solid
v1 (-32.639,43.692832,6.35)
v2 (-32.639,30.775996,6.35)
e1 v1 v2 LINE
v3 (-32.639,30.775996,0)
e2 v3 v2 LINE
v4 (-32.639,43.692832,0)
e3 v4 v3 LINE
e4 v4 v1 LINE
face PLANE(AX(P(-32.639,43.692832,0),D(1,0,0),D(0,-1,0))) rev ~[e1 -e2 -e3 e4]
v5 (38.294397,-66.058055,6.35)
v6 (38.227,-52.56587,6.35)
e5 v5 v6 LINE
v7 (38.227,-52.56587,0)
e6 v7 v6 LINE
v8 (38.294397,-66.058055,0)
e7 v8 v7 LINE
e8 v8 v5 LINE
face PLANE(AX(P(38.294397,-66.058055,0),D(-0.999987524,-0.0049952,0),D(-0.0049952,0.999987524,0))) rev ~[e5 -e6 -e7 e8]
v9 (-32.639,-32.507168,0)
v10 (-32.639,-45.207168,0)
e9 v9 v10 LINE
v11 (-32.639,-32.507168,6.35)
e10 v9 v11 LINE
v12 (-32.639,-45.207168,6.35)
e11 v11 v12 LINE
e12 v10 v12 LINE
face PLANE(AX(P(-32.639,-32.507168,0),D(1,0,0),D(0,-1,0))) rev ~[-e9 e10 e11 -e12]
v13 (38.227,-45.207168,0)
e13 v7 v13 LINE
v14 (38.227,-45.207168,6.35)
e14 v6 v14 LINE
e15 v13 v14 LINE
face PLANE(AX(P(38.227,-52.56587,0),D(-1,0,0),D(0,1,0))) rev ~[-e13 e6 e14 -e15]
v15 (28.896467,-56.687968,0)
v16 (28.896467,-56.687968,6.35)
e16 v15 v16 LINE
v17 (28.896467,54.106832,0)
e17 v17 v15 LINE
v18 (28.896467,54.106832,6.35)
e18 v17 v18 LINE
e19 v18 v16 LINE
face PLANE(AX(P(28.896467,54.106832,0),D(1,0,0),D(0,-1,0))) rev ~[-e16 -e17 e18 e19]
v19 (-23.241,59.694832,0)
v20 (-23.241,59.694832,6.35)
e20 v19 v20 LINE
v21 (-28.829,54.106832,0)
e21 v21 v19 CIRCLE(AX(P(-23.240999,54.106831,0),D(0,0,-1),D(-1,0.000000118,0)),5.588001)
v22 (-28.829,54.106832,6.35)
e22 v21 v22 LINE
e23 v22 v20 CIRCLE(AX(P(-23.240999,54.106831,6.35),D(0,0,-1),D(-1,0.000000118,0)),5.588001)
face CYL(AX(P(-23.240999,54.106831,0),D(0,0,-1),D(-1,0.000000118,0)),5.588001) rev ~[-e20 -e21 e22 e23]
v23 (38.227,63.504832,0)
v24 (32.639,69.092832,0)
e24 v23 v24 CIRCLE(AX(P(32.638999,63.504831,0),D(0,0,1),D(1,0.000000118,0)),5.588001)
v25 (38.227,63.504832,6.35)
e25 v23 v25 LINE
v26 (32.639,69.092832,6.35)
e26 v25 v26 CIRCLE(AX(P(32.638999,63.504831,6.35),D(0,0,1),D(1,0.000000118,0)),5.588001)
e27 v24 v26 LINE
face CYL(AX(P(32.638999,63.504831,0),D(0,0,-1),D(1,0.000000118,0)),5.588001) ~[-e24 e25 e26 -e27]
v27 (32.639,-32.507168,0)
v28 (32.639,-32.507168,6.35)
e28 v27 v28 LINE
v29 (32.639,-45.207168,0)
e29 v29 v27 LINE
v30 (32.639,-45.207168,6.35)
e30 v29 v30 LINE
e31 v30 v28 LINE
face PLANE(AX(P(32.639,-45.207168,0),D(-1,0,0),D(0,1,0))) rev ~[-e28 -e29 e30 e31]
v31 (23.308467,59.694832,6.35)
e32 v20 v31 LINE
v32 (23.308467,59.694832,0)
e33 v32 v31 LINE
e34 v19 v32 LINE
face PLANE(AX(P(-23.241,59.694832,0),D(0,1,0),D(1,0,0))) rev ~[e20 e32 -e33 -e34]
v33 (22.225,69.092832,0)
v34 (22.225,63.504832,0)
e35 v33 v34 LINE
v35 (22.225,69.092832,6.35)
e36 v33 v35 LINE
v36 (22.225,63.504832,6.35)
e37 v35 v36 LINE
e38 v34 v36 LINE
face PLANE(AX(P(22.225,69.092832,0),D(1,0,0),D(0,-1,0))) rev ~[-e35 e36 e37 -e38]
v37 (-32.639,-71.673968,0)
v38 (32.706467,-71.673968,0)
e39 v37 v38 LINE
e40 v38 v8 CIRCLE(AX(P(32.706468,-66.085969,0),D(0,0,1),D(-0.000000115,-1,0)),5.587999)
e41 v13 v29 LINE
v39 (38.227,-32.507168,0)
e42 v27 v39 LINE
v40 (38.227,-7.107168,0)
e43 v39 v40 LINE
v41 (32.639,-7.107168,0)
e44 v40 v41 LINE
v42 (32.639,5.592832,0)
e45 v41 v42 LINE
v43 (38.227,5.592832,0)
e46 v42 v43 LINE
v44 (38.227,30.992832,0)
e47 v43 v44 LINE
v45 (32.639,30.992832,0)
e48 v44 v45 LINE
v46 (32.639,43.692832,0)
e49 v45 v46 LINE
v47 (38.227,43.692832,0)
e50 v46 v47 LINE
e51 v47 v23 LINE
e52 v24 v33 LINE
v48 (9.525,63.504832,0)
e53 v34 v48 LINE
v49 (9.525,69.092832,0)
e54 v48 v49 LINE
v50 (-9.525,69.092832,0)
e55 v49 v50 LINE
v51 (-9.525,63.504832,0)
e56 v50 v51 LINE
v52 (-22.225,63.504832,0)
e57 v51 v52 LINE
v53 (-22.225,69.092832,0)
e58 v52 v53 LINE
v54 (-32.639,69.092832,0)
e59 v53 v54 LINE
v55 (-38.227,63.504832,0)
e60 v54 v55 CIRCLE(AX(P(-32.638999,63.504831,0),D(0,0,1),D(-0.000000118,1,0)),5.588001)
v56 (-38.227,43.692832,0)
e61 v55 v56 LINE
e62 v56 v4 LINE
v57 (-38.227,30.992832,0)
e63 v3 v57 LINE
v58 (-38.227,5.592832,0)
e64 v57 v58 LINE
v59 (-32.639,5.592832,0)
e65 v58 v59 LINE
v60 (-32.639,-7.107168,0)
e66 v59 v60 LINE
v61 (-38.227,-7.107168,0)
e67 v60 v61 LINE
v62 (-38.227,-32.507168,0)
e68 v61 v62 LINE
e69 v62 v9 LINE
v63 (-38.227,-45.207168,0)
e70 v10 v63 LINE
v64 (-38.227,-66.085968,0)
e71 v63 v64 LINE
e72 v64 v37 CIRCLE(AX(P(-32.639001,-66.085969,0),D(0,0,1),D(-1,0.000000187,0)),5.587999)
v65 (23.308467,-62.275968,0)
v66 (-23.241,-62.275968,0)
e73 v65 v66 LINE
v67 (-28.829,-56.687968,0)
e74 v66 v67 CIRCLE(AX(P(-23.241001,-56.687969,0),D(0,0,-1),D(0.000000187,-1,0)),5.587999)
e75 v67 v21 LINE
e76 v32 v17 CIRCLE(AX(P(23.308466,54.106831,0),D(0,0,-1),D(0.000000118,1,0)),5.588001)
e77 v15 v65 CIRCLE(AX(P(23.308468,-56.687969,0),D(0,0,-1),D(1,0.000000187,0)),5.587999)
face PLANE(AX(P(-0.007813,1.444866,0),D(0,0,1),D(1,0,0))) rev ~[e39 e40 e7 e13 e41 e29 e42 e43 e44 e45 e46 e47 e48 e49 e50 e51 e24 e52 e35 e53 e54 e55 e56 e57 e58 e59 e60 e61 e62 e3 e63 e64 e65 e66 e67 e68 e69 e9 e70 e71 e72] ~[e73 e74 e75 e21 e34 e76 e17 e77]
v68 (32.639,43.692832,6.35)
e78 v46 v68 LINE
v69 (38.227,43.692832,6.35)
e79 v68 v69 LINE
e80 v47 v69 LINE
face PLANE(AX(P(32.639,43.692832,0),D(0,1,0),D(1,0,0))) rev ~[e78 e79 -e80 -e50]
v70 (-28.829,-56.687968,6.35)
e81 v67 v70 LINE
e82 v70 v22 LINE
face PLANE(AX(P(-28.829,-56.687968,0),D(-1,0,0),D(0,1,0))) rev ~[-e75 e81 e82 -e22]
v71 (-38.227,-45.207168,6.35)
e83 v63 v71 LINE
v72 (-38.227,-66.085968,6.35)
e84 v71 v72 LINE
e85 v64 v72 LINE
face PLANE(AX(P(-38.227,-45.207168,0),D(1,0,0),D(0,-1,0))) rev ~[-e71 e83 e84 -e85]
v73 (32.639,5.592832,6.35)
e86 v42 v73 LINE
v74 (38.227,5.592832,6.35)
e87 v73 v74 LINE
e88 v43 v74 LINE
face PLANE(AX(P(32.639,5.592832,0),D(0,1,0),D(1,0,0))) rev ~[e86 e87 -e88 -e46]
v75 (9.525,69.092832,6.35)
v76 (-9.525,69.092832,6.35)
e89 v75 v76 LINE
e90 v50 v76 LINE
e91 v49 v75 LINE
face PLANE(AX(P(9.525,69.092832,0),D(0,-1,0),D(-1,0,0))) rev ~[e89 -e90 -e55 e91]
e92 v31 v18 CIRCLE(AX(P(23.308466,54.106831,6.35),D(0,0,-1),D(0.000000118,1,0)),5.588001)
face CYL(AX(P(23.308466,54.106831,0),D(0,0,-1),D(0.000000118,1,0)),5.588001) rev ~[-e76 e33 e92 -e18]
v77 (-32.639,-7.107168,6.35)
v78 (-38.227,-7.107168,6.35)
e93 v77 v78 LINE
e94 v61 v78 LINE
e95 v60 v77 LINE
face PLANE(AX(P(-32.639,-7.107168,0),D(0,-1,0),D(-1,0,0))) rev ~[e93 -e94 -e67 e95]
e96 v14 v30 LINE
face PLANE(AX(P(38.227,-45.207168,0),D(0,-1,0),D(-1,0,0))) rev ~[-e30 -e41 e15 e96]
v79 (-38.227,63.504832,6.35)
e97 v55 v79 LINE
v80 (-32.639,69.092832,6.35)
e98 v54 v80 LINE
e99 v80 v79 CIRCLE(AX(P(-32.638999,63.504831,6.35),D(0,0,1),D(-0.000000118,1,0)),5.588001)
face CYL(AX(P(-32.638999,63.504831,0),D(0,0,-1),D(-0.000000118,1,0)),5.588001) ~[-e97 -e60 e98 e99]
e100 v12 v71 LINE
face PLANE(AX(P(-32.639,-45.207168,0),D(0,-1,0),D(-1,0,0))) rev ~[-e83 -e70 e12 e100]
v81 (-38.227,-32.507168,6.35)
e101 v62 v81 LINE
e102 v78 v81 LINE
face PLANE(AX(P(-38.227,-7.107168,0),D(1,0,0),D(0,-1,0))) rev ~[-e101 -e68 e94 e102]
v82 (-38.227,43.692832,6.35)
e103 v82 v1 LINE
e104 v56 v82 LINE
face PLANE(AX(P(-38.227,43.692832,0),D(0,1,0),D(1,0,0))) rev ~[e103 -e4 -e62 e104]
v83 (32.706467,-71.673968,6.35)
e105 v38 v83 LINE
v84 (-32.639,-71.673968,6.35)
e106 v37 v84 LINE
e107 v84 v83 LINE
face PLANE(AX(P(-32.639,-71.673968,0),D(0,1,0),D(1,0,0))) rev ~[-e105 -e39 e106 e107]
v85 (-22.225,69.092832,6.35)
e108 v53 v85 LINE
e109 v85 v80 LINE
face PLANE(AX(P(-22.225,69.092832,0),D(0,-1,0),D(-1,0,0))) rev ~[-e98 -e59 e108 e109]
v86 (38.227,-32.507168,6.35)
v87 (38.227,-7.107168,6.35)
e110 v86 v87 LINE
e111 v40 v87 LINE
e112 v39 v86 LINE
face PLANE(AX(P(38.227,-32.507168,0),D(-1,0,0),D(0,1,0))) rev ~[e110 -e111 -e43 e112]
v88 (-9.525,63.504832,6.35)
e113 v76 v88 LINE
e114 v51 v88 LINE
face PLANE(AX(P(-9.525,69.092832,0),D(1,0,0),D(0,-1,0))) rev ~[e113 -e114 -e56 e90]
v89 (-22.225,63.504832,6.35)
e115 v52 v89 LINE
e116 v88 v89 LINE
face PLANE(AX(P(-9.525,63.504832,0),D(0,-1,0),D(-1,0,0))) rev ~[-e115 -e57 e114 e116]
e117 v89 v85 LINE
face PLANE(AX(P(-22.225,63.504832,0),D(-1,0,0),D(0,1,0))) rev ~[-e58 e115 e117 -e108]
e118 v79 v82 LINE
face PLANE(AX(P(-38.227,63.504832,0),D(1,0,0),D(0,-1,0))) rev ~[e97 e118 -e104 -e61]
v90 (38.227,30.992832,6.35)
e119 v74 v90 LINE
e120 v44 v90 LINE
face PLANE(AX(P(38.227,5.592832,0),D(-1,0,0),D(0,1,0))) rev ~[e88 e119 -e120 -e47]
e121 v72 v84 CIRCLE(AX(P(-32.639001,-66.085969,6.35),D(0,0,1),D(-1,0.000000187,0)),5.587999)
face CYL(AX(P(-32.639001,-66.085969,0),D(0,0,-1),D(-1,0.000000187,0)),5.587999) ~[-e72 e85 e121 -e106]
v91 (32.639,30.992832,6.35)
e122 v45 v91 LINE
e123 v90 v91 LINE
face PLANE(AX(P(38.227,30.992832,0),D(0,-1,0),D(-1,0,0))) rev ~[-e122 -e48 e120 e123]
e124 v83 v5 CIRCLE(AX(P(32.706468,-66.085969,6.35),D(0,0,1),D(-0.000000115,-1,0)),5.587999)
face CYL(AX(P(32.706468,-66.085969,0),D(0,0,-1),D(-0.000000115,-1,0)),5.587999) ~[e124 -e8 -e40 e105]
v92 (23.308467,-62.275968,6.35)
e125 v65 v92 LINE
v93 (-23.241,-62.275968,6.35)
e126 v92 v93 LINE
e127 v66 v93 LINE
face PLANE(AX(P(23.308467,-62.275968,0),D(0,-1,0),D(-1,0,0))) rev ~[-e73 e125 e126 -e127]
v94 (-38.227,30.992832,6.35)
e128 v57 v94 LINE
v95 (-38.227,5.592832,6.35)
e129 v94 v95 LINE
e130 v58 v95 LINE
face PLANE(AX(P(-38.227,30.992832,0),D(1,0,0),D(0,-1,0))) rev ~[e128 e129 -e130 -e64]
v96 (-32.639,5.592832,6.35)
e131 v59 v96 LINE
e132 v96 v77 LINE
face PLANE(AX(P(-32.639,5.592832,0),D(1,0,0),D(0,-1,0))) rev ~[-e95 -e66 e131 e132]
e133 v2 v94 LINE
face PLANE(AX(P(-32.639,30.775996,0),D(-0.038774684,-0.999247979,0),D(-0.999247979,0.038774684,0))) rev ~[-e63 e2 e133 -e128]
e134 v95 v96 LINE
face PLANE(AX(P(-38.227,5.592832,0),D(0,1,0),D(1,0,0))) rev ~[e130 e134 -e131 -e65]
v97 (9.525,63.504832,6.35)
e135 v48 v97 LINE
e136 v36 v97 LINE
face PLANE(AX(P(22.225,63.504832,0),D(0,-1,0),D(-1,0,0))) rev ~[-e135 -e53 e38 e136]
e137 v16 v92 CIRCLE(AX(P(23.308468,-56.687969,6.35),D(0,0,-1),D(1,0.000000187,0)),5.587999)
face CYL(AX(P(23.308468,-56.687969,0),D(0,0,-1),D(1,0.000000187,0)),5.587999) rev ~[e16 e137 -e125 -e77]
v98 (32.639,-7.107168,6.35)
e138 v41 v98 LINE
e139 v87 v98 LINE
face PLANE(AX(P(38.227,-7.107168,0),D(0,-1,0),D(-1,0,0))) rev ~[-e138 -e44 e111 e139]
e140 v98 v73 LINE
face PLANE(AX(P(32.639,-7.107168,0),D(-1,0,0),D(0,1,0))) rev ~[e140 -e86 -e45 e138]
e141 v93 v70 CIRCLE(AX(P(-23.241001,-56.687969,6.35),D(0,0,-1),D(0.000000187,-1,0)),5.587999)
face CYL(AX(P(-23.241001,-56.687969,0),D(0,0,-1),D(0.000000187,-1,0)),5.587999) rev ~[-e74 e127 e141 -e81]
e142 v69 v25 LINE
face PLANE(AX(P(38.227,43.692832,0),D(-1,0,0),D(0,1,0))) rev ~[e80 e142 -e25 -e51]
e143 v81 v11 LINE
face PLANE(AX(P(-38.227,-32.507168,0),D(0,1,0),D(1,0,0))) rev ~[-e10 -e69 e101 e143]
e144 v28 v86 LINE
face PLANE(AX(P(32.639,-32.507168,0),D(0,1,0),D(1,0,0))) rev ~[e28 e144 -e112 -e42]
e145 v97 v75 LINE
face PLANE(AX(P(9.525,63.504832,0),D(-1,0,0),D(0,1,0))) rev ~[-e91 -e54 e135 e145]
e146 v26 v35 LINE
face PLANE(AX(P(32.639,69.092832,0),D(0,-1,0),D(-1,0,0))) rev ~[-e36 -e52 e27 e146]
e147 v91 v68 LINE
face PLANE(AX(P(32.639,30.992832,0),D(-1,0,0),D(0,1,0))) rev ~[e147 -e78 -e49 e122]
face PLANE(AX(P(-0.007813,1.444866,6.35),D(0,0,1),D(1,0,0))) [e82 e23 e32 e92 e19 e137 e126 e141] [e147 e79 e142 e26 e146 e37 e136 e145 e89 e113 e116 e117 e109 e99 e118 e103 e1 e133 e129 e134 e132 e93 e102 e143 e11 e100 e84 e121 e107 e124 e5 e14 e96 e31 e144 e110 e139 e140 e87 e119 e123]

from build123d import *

# Parameters (mm, degrees)
F1_DEPTH = 6.35


with BuildPart() as f1:
    # F0 (on Top) → F1 (new body)
    with BuildSketch(Plane.XY):
        with BuildLine():
            Line((-22.225, 69.092832), (-32.639, 69.092832))
            ThreePointArc((-32.639, 69.092832), (-36.590313, 67.456144), (-38.227, 63.504832))
            Line((-38.227, 63.504832), (-38.227, 43.692832))
            Line((-38.227, 43.692832), (-32.639, 43.692832))
            Line((-32.639, 43.692832), (-32.639, 30.775996))
            Line((-32.639, 30.775996), (-38.227, 30.992832))
            Line((-38.227, 30.992832), (-38.227, 5.592832))
            Line((-38.227, 5.592832), (-32.639, 5.592832))
            Line((-32.639, 5.592832), (-32.639, -7.107168))
            Line((-32.639, -7.107168), (-38.227, -7.107168))
            Line((-38.227, -7.107168), (-38.227, -32.507168))
            Line((-38.227, -32.507168), (-32.639, -32.507168))
            Line((-32.639, -32.507168), (-32.639, -45.207168))
            Line((-32.639, -45.207168), (-38.227, -45.207168))
            Line((-38.227, -45.207168), (-38.227, -52.56587))
            Line((-38.227, -52.56587), (-38.227, -66.085968))
            ThreePointArc((-38.227, -66.085968), (-36.590313, -70.037281), (-32.639, -71.673968))
            Line((-32.639, -71.673968), (-22.225, -71.673968))
            Line((-22.225, -71.673968), (-9.525, -71.673968))
            Line((-9.525, -71.673968), (9.525, -71.673968))
            Line((9.525, -71.673968), (22.225, -71.673968))
            Line((22.225, -71.673968), (32.706467, -71.673968))
            ThreePointArc((32.706467, -71.673968), (36.667636, -70.0274), (38.294397, -66.058055))
            Line((38.294397, -66.058055), (38.227, -52.56587))
            Line((38.227, -52.56587), (38.227, -45.207168))
            Line((38.227, -45.207168), (32.639, -45.207168))
            Line((32.639, -45.207168), (32.639, -32.507168))
            Line((32.639, -32.507168), (38.227, -32.507168))
            Line((38.227, -32.507168), (38.227, -7.107168))
            Line((38.227, -7.107168), (32.639, -7.107168))
            Line((32.639, -7.107168), (32.639, 5.592832))
            Line((32.639, 5.592832), (38.227, 5.592832))
            Line((38.227, 5.592832), (38.227, 30.992832))
            Line((38.227, 30.992832), (32.639, 30.992832))
            Line((32.639, 30.992832), (32.639, 43.692832))
            Line((32.639, 43.692832), (38.227, 43.692832))
            Line((38.227, 43.692832), (38.227, 63.504832))
            ThreePointArc((38.227, 63.504832), (36.590313, 67.456144), (32.639, 69.092832))
            Line((32.639, 69.092832), (22.225, 69.092832))
            Line((22.225, 69.092832), (22.225, 63.504832))
            Line((22.225, 63.504832), (9.525, 63.504832))
            Line((9.525, 63.504832), (9.525, 69.092832))
            Line((9.525, 69.092832), (-9.525, 69.092832))
            Line((-9.525, 69.092832), (-9.525, 63.504832))
            Line((-9.525, 63.504832), (-22.225, 63.504832))
            Line((-22.225, 63.504832), (-22.225, 69.092832))
        make_face()
        with BuildLine():
            Line((-28.829, -56.687968), (-28.829, 54.106832))
            ThreePointArc((-28.829, 54.106832), (-27.192313, 58.058144), (-23.241, 59.694832))
            Line((-23.241, 59.694832), (23.308467, 59.694832))
            ThreePointArc((23.308467, 59.694832), (27.25978, 58.058144), (28.896467, 54.106832))
            Line((28.896467, 54.106832), (28.896467, -56.687968))
            ThreePointArc((28.896467, -56.687968), (27.25978, -60.639281), (23.308467, -62.275968))
            Line((23.308467, -62.275968), (-23.241, -62.275968))
            ThreePointArc((-23.241, -62.275968), (-27.192313, -60.639281), (-28.829, -56.687968))
        make_face(mode=Mode.SUBTRACT)
    extrude(amount=F1_DEPTH)


solid = f1.part
